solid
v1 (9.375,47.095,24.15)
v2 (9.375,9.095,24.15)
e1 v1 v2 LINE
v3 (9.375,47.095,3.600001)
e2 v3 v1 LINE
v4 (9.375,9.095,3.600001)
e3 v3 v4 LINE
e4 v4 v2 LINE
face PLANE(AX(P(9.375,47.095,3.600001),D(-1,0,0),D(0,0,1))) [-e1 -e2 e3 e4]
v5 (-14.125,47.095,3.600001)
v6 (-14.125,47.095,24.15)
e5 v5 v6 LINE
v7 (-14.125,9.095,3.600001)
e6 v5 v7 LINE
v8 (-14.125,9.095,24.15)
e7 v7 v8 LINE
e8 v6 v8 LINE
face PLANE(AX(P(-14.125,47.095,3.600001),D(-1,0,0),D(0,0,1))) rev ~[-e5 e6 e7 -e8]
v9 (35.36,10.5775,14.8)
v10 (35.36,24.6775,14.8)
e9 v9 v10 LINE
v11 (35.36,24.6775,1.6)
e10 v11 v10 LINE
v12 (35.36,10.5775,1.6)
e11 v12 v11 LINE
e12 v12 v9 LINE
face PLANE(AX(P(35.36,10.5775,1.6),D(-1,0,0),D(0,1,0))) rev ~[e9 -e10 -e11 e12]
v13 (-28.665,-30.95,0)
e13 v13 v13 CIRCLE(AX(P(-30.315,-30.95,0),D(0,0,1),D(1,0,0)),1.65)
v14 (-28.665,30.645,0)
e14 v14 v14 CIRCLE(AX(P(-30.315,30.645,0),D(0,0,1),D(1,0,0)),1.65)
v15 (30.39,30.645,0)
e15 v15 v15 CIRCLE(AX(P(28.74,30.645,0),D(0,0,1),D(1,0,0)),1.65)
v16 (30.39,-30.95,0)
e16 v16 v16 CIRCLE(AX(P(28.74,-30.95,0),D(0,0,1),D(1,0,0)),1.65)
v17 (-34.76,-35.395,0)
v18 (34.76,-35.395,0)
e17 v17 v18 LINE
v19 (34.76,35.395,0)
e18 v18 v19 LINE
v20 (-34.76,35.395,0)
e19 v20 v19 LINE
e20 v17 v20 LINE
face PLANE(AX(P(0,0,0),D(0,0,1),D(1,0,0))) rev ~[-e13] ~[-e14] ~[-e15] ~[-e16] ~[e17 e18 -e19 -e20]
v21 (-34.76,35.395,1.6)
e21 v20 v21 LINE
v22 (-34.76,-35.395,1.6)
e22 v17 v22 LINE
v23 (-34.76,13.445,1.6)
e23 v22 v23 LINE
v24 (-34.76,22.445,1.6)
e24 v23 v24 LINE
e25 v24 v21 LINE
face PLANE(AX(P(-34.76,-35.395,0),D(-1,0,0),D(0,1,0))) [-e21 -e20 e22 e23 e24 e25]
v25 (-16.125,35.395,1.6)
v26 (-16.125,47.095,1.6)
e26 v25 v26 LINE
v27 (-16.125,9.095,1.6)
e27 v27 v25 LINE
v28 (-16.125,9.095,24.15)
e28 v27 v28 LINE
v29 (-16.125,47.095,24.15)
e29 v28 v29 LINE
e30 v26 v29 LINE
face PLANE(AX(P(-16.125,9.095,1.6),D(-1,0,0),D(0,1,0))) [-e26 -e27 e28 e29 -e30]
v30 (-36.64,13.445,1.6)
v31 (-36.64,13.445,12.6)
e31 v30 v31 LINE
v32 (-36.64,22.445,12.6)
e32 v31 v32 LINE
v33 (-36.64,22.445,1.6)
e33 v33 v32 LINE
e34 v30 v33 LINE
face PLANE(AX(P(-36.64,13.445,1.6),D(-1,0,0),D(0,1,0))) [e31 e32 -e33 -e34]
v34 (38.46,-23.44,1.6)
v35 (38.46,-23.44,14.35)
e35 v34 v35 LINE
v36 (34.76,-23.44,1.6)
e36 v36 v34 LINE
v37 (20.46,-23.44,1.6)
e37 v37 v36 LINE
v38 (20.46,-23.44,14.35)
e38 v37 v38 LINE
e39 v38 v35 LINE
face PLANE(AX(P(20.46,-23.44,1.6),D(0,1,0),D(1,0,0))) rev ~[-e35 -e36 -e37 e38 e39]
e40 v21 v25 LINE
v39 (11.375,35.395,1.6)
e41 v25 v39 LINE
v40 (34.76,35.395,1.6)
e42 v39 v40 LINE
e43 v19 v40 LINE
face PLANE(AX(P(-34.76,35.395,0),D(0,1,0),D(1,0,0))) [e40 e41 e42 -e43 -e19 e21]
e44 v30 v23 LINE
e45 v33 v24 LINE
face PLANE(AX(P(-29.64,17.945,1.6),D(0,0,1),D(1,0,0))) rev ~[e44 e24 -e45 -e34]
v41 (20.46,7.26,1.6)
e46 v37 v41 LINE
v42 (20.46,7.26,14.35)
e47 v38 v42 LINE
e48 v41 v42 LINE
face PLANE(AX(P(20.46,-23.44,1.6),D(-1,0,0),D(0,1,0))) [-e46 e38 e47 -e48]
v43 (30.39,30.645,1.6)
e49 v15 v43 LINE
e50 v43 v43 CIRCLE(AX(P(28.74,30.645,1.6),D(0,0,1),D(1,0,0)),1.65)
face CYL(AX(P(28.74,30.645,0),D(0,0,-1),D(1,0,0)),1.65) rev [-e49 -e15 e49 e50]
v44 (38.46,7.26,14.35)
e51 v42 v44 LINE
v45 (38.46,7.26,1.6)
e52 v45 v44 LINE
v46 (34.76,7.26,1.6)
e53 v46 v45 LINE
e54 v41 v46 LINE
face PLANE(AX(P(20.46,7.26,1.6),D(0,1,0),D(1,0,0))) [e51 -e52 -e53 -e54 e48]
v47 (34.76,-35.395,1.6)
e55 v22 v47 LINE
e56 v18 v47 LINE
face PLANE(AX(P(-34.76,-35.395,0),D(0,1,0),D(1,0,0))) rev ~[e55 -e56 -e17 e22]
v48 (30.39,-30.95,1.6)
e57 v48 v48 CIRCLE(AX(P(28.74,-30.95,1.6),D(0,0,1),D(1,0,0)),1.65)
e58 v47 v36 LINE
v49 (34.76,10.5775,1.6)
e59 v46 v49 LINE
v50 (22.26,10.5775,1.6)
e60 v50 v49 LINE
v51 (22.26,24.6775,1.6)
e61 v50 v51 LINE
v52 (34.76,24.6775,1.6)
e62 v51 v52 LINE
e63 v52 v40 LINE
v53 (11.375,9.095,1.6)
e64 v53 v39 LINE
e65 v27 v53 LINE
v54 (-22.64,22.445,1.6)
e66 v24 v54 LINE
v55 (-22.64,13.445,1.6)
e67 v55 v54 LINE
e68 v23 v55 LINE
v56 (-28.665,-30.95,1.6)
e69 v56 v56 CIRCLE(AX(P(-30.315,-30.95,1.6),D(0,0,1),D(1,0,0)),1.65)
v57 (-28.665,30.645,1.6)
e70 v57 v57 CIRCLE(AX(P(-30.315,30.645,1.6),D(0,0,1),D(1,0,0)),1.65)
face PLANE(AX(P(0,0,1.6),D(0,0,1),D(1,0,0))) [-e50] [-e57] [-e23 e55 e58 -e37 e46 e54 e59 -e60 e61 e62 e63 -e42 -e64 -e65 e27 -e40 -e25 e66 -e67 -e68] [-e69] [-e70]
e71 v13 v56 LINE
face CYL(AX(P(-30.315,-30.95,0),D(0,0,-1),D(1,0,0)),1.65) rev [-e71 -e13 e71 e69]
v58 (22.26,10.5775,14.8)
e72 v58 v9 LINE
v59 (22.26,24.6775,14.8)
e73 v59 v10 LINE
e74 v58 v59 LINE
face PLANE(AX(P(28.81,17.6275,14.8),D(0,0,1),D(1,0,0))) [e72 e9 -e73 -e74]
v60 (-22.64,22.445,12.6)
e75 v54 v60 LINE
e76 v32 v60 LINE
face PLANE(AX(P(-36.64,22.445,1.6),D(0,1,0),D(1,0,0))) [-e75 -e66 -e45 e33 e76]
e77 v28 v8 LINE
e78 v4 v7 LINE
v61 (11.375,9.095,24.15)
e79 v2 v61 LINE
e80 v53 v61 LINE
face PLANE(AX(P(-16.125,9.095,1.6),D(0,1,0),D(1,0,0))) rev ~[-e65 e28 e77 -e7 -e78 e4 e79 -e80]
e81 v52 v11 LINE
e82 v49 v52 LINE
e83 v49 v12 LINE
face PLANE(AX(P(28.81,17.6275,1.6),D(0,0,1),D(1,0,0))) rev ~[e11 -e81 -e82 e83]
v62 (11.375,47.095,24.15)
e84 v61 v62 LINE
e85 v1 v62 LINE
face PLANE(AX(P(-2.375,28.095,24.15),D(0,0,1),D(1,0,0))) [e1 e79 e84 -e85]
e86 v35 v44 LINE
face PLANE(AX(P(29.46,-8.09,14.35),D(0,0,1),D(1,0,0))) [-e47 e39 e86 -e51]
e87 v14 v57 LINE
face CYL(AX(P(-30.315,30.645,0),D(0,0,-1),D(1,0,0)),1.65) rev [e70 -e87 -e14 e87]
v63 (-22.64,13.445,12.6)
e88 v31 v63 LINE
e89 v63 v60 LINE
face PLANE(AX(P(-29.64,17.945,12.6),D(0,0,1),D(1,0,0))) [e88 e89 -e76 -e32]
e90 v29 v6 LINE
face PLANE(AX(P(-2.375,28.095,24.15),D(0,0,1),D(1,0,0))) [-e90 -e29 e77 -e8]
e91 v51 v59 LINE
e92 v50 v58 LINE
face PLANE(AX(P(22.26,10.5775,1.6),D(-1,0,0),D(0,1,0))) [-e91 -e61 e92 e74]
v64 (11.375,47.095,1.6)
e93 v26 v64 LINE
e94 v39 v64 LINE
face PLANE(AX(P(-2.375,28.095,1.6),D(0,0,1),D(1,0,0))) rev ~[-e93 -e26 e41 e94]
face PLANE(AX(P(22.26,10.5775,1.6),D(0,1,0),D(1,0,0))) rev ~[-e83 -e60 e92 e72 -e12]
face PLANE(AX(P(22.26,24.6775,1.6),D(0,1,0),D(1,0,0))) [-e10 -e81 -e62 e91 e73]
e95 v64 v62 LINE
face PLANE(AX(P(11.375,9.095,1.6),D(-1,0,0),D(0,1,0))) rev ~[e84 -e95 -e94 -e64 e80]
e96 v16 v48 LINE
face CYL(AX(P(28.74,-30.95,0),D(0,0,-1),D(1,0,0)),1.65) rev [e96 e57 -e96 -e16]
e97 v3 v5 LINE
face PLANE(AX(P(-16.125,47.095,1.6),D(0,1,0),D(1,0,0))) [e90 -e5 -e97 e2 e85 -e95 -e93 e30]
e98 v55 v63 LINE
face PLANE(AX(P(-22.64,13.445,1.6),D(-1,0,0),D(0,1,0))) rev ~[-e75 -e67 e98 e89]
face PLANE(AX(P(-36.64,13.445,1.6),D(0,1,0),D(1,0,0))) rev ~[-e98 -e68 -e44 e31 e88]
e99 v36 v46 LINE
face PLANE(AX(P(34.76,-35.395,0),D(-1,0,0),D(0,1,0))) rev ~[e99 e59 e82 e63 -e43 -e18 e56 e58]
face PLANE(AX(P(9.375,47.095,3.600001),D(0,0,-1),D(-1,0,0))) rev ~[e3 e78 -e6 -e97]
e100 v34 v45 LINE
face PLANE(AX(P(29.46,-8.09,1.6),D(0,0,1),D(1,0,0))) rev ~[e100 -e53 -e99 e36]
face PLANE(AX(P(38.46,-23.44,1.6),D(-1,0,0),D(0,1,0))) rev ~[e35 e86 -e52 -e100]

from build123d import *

# Parameters (mm, degrees)
SKETCH_W     = 69.52
SKETCH_H     = 70.79
SKETCH_R     = 1.65
PAD_DEPTH    = 1.6
SKETCH001_W  = 18
SKETCH001_H  = 30.7
PAD001_DEPTH = 12.75
SKETCH002_W  = 13.1
SKETCH002_H  = 14.1
PAD002_DEPTH = 13.2
SKETCH003_W  = 14
SKETCH003_H  = 9
PAD003_DEPTH = 11
SKETCH004_W  = 27.5
SKETCH004_H  = 38
PAD004_DEPTH = 22.55
SKETCH005_W  = 23.5
SKETCH005_H  = 23.222077
POCKET_DEPTH = 38


with BuildPart() as part:
    # Sketch → Pad (new body)
    with BuildSketch(Plane.XY):
        Rectangle(SKETCH_W, SKETCH_H)
        with Locations((-30.315, 30.645)):
            Circle(SKETCH_R, mode=Mode.SUBTRACT)
        with Locations((28.74, 30.645)):
            Circle(SKETCH_R, mode=Mode.SUBTRACT)
        with Locations((-30.315, -30.95)):
            Circle(SKETCH_R, mode=Mode.SUBTRACT)
        with Locations((28.74, -30.95)):
            Circle(SKETCH_R, mode=Mode.SUBTRACT)
    extrude(amount=PAD_DEPTH)

    # Sketch001 (on Face10 of Pad) → Pad001 (join)
    with BuildSketch(Plane.XY.offset(1.6)):
        with Locations((29.46, -8.09)):
            Rectangle(SKETCH001_W, SKETCH001_H)
    extrude(amount=PAD001_DEPTH)

    # Sketch002 (on Face5 of Pad001) → Pad002 (join)
    with BuildSketch(Plane.XY.offset(1.6)):
        with Locations((28.81, 17.6275)):
            Rectangle(SKETCH002_W, SKETCH002_H)
    extrude(amount=PAD002_DEPTH)

    # Sketch003 (on Face5 of Pad002) → Pad003 (join)
    with BuildSketch(Plane.XY.offset(1.6)):
        with Locations((-29.64, 17.945)):
            Rectangle(SKETCH003_W, SKETCH003_H)
    extrude(amount=PAD003_DEPTH)

    # Sketch004 (on Face5 of Pad003) → Pad004 (join)
    with BuildSketch(Plane.XY.offset(1.6)):
        with Locations((-2.375, 28.095)):
            Rectangle(SKETCH004_W, SKETCH004_H)
    extrude(amount=PAD004_DEPTH)

    # Sketch005 (on Face27 of Pad004) → Pocket (cut)
    with BuildSketch(Plane(origin=(0, 47.095, 0), x_dir=(-1, 0, 0), z_dir=(0, 1, 0))):
        with Locations((2.375, 15.211039)):
            Rectangle(SKETCH005_W, SKETCH005_H)
    extrude(amount=-POCKET_DEPTH, mode=Mode.SUBTRACT)


solid = part.part
